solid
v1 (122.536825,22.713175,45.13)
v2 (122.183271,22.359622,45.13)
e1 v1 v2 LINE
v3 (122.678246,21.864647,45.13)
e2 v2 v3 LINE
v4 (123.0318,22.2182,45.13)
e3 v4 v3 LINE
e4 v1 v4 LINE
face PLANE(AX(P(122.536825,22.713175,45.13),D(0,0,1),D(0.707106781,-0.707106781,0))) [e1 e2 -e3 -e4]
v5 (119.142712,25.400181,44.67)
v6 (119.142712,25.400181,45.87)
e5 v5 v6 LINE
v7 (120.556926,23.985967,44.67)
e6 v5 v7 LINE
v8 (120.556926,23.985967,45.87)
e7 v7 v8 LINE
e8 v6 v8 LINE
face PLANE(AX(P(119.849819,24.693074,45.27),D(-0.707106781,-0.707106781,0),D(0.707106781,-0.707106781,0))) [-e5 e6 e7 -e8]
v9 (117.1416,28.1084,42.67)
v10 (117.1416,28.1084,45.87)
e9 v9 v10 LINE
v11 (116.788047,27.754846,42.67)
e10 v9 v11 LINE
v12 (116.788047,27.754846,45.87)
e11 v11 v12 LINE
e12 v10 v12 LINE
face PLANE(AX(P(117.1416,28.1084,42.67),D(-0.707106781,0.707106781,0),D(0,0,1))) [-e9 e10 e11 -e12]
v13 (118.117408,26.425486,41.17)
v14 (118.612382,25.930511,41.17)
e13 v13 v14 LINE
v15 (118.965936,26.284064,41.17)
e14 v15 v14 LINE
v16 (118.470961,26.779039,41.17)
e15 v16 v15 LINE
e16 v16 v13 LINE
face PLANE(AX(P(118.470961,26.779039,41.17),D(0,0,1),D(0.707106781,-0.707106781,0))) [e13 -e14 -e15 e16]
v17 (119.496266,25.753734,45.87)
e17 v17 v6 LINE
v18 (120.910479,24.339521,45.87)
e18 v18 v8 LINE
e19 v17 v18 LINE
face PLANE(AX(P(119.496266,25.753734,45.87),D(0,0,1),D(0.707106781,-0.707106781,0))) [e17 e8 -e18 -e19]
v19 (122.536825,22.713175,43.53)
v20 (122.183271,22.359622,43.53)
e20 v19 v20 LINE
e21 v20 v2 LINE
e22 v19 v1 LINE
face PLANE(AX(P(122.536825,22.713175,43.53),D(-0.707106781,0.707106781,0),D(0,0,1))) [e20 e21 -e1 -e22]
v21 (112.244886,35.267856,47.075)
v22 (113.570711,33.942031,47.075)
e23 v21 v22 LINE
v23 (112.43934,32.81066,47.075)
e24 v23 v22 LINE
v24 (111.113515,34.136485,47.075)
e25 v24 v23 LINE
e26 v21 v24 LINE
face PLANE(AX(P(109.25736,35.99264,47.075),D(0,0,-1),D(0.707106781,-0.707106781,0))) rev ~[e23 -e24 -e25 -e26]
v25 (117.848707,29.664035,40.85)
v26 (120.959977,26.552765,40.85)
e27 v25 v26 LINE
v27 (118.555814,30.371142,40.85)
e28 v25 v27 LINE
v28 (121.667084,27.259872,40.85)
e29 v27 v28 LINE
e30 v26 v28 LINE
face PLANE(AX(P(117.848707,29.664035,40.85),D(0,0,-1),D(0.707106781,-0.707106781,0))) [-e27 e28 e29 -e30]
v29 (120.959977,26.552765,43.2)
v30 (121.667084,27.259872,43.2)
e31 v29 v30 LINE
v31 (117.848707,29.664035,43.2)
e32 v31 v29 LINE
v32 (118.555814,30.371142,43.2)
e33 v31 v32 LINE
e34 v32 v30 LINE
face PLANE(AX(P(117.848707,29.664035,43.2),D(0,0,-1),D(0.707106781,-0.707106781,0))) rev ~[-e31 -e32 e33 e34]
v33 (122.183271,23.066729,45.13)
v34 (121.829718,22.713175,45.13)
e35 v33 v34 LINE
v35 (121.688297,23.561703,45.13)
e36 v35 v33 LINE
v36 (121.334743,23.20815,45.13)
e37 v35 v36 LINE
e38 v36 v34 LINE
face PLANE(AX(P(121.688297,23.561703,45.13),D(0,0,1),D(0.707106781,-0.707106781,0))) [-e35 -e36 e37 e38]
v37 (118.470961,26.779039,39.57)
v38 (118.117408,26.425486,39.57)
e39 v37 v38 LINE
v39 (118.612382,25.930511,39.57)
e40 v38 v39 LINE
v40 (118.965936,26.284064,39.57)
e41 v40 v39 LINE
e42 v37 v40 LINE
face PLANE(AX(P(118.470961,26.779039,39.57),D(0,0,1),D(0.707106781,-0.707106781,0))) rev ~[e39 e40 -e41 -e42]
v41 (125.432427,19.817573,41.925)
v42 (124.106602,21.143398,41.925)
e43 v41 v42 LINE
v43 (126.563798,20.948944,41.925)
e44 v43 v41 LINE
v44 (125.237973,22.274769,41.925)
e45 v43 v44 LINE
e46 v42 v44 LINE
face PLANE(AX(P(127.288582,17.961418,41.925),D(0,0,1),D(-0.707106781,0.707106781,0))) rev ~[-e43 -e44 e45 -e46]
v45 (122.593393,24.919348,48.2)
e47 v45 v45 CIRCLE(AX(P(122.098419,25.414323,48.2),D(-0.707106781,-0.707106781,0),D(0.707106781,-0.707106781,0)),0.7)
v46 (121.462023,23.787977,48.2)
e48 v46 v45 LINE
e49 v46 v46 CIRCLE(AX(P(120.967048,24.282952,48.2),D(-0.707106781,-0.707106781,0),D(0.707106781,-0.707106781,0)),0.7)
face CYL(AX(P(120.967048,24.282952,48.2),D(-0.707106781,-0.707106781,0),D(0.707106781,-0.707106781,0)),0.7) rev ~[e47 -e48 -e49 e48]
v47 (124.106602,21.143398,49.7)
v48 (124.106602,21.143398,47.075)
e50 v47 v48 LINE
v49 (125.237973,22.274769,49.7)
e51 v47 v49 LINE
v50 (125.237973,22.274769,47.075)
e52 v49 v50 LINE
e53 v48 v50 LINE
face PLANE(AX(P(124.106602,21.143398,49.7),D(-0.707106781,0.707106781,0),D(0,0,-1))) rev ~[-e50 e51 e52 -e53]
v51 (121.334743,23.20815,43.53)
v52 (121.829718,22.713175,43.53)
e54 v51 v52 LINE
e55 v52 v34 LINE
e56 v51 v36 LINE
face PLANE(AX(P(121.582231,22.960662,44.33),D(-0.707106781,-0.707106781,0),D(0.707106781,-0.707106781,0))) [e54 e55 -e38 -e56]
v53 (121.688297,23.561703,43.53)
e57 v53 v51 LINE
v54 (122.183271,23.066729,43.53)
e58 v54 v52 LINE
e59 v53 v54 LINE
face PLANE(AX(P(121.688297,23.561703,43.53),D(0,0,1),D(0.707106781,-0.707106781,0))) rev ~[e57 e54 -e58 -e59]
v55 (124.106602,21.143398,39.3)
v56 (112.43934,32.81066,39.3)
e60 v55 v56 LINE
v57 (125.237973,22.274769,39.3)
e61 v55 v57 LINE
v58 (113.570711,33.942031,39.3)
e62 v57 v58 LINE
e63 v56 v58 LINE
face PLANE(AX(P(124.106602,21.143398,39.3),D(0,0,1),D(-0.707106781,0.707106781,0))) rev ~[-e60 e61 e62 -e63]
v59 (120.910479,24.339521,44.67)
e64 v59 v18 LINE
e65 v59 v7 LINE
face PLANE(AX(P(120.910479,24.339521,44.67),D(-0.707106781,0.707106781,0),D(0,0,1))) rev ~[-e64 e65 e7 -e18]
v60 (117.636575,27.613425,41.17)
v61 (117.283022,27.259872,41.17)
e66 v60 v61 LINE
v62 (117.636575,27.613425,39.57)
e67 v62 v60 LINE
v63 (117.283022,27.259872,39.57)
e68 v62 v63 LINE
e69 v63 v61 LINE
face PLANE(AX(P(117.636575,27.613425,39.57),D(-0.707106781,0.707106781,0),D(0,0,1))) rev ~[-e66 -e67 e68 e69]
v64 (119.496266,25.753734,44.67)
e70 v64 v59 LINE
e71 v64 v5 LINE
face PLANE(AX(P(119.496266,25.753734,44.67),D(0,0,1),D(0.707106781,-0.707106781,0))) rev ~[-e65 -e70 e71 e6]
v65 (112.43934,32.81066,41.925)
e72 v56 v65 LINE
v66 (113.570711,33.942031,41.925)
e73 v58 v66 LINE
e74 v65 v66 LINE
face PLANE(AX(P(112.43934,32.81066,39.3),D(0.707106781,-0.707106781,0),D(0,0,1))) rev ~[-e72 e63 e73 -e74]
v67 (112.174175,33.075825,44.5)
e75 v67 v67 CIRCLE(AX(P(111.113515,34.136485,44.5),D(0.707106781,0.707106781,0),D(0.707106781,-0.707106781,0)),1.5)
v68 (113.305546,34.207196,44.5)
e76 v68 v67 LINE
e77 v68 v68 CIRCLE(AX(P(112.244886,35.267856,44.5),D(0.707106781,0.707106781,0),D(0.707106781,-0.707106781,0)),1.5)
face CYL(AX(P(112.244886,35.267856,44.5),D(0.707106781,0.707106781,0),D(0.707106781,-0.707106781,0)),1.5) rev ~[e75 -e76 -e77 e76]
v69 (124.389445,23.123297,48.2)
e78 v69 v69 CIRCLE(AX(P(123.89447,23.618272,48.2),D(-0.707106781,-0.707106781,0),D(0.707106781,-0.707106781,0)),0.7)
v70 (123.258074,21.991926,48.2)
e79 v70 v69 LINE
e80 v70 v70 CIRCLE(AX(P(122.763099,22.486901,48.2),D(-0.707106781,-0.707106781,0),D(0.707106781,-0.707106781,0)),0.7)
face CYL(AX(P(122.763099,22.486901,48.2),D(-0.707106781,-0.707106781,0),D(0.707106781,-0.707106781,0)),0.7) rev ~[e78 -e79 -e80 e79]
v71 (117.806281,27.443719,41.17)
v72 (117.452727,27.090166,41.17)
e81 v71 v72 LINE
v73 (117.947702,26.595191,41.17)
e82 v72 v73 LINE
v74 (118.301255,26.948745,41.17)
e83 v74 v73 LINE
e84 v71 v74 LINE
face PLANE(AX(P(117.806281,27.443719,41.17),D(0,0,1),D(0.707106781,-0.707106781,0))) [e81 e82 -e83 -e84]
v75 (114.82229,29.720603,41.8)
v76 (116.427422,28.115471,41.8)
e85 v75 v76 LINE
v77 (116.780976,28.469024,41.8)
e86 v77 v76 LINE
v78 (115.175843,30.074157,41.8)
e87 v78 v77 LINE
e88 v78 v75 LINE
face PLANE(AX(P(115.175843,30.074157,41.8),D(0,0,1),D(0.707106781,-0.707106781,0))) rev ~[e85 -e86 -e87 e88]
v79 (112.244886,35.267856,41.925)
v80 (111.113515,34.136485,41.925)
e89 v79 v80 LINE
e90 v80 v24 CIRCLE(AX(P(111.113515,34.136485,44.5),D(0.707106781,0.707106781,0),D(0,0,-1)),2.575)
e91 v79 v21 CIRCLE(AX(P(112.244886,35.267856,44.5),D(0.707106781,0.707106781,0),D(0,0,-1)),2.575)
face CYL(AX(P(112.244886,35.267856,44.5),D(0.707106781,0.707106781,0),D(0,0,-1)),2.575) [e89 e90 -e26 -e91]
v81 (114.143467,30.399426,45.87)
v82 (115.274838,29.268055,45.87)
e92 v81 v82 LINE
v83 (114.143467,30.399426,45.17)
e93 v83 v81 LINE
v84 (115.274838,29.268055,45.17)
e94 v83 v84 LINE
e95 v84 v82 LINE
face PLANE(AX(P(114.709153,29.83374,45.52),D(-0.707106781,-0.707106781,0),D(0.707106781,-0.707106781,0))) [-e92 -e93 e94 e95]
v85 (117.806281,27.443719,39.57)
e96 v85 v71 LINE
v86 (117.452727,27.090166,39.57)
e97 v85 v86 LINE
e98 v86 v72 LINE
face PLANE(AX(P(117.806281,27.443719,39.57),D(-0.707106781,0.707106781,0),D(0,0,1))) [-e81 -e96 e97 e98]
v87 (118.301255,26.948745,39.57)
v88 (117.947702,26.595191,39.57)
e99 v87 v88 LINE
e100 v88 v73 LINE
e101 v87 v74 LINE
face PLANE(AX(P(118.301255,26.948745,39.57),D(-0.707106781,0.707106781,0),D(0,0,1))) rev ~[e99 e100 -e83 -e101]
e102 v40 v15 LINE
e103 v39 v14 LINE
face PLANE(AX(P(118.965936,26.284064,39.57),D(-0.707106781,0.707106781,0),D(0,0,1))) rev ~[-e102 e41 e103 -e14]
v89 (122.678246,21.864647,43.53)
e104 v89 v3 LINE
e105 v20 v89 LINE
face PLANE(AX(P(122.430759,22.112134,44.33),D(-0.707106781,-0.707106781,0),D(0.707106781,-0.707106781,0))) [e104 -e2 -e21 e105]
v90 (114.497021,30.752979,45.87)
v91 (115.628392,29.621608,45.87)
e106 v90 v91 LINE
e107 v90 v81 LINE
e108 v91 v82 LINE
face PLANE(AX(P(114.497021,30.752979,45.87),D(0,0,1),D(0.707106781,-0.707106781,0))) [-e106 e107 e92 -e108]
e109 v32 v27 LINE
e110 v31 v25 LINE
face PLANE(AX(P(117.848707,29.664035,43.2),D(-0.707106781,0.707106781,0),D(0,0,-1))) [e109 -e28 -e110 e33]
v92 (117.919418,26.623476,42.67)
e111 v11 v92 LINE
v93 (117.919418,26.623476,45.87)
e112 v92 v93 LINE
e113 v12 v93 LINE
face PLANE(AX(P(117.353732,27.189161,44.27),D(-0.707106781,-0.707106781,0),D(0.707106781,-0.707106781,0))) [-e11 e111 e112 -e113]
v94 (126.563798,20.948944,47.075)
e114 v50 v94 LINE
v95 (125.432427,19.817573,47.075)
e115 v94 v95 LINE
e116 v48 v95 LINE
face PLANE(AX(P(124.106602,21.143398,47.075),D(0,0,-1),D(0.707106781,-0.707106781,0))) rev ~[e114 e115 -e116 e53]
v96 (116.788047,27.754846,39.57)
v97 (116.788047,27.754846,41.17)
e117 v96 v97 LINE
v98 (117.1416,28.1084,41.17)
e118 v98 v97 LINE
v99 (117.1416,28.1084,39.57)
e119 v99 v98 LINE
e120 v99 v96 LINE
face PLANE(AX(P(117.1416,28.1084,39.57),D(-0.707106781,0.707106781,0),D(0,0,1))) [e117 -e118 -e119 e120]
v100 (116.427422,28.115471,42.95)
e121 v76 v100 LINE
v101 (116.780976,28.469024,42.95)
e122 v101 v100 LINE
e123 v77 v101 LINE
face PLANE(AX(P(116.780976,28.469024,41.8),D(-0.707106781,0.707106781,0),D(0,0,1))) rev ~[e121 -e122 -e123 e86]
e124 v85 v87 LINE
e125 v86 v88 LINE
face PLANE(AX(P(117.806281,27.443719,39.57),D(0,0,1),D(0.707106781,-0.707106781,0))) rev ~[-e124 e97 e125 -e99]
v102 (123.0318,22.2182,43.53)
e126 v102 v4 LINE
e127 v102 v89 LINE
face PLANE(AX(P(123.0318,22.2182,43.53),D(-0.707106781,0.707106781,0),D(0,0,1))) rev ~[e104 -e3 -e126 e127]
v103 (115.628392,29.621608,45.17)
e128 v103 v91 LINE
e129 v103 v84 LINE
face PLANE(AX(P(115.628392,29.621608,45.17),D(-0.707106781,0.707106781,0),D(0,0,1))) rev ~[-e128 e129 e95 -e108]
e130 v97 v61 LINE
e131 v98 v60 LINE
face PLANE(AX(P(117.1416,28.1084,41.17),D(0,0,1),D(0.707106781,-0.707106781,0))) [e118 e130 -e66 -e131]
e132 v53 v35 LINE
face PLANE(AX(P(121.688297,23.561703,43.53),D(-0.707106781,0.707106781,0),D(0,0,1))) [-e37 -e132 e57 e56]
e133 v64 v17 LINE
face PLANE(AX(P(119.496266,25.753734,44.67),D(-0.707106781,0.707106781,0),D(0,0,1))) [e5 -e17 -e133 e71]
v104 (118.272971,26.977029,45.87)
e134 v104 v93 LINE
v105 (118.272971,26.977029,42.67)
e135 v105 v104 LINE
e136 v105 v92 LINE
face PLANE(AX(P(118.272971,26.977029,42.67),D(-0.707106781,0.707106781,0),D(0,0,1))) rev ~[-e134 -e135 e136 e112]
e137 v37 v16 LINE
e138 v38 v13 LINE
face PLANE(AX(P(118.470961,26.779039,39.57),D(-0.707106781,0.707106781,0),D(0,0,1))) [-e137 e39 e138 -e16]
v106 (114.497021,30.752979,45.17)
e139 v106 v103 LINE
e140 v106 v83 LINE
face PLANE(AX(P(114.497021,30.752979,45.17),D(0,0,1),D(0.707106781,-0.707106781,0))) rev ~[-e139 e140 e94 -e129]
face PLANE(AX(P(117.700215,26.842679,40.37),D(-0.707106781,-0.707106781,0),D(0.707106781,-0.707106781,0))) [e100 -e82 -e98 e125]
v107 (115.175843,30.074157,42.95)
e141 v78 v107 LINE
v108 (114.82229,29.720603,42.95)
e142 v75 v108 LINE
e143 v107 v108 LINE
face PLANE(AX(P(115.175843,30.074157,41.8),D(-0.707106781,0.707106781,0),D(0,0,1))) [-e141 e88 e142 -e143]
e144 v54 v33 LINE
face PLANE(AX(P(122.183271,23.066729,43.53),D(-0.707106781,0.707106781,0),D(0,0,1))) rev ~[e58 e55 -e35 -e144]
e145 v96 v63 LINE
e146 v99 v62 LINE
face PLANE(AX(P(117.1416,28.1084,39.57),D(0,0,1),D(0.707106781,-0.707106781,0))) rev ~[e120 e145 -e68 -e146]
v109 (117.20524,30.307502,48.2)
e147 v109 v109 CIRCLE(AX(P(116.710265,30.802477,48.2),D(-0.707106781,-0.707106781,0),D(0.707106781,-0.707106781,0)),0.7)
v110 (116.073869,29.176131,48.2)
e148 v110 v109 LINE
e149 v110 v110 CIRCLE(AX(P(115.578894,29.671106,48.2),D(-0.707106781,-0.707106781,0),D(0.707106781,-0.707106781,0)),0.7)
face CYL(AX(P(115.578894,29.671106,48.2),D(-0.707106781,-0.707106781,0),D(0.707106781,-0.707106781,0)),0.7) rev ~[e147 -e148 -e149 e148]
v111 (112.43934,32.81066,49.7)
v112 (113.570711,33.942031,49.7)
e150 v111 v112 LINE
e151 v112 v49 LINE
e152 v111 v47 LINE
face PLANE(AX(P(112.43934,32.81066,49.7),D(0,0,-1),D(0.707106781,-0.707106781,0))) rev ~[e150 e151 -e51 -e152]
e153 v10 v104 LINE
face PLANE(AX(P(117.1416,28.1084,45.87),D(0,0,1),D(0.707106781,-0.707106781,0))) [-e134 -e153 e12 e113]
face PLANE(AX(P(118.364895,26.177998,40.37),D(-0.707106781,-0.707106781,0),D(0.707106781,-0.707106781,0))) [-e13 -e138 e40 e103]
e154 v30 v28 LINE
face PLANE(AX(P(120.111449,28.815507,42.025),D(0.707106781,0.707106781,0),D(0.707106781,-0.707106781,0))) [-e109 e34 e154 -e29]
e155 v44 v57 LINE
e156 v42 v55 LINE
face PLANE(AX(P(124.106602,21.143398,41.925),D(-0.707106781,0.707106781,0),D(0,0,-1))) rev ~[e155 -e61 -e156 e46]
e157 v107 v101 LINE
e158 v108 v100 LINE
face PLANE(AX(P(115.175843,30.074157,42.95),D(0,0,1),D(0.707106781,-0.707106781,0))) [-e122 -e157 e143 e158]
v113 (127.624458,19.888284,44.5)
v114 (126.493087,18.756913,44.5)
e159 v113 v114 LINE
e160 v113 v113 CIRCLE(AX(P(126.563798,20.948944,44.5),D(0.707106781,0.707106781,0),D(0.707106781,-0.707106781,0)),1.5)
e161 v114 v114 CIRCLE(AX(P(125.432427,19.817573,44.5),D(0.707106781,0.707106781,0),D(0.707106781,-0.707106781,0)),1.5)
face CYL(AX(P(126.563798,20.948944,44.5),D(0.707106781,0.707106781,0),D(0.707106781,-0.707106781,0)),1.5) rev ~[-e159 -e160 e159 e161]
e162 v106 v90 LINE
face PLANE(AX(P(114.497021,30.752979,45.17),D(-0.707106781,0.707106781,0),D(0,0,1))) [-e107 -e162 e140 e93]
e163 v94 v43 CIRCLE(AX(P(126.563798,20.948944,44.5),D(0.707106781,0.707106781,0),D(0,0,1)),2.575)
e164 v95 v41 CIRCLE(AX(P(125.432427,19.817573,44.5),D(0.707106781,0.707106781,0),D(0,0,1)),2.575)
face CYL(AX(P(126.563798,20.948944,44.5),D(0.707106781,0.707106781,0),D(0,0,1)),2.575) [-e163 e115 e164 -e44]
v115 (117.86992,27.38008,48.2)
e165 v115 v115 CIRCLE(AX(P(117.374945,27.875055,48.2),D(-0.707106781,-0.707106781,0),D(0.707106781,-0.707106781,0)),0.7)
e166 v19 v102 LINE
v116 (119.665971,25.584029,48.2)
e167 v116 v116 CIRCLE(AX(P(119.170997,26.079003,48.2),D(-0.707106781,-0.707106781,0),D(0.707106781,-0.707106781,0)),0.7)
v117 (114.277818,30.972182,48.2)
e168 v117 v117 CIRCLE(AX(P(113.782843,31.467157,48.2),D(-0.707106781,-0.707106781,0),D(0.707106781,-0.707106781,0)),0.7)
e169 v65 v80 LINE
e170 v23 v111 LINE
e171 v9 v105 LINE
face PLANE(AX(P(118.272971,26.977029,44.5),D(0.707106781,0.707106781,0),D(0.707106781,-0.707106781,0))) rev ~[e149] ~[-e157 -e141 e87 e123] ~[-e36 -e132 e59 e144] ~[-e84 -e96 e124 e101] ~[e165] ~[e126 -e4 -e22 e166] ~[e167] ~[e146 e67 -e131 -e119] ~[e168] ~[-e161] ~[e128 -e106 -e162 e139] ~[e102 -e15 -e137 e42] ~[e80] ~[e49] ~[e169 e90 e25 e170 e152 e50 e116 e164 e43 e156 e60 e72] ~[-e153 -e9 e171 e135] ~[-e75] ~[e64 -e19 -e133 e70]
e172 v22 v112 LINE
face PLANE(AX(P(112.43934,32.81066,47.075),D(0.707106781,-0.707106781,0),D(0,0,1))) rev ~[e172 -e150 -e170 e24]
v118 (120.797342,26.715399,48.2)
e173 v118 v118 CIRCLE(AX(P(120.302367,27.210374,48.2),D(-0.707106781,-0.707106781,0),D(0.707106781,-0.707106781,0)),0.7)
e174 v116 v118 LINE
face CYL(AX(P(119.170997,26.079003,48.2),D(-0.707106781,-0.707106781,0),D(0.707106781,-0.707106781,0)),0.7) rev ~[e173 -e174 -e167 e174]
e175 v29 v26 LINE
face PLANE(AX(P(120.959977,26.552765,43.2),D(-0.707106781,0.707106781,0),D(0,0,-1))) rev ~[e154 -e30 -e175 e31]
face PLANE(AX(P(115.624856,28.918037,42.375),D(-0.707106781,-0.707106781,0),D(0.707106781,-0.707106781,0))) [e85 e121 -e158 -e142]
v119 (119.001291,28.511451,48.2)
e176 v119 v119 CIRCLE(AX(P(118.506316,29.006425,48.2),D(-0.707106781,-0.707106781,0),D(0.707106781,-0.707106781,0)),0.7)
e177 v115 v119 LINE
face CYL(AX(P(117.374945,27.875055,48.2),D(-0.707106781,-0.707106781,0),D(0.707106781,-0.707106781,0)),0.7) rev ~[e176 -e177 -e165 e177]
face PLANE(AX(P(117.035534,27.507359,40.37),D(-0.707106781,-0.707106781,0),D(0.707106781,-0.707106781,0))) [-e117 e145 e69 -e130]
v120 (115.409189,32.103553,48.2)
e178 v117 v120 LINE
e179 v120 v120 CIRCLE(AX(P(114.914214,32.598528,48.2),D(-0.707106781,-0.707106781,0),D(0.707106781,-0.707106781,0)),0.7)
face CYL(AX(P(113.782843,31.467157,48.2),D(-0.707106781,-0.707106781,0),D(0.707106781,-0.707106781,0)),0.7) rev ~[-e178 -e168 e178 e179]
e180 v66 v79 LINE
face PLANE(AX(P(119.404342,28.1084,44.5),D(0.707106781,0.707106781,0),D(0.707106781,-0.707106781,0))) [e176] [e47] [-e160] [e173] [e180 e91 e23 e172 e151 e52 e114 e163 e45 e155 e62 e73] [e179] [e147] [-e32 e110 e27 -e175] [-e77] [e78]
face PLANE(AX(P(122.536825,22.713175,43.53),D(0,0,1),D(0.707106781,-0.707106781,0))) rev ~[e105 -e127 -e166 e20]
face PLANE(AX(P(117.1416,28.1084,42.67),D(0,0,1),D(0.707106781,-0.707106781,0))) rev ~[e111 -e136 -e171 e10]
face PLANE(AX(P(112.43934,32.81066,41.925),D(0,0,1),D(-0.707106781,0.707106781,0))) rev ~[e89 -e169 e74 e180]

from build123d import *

# Parameters (mm, degrees)
PAD046_DEPTH            = 1.6
SKETCH119_R             = 1.5
POCKET060_DEPTH         = 1.6
SKETCH120_W             = 4.4
SKETCH120_H             = 2.35
PAD047_DEPTH            = 1
SKETCH121_W             = 2.27
SKETCH121_H             = 1.15
SKETCH121_W_2           = 1.6
SKETCH121_H_2           = 3.2
SKETCH121_W_3           = 2
SKETCH121_H_3           = 1.2
SKETCH121_W_4           = 0.7
SKETCH121_H_4           = 1.6
SKETCH121_H_5           = 0.7
PAD048_DEPTH            = 0.5
SKETCH122_R             = 0.7
POCKET061_DEPTH         = 1.6
BODY029_ROLL_ANGLE      = 180
BODY029_PLACEMENT_ANGLE = -45


with BuildPart() as part:
    # Sketch118 → Pad046 (new body)
    with BuildSketch(Plane.XZ):
        Polygon((-8.25, -5.2), (8.25, -5.2), (8.25, -2.575), (12.75, -2.575), (12.75, 2.575), (8.25, 2.575), (8.25, 5.2), (-8.25, 5.2), (-8.25, 2.575), (-12.75, 2.575), (-12.75, -2.575), (-8.25, -2.575), align=None)
    extrude(amount=PAD046_DEPTH)

    # Sketch119 (on Face14 of Pad046) → Pocket060 (cut)
    with BuildSketch(Plane.XZ.offset(1.6)):
        with Locations((-10.125, 0)):
            Circle(SKETCH119_R)
        with Locations((10.125, 0)):
            Circle(SKETCH119_R)
        with BuildLine():
            Line((-12.755, 2.575), (-12.755, -2.575))
            Line((-12.755, -2.575), (-10.125, -2.575))
            ThreePointArc((-10.125, 2.575), (-12.7, 0), (-10.125, -2.575))
            Line((-10.125, 2.575), (-12.755, 2.575))
        make_face()
        with BuildLine():
            Line((10.125, -2.575), (12.755, -2.575))
            Line((12.755, -2.575), (12.755, 2.575))
            Line((12.755, 2.575), (10.125, 2.575))
            ThreePointArc((10.125, -2.575), (12.7, 0), (10.125, 2.575))
        make_face()
    extrude(amount=-POCKET060_DEPTH, mode=Mode.SUBTRACT)

    # Sketch120 (on Face4 of Pocket060) → Pad047 (join)
    with BuildSketch(Plane.XZ.offset(1.6)):
        with Locations((0, 2.475)):
            Rectangle(SKETCH120_W, SKETCH120_H)
    extrude(amount=PAD047_DEPTH)

    # Sketch121 (on Face2 of Pad047) → Pad048 (join)
    with BuildSketch(Plane(origin=(0, 0, 0), x_dir=(1, 0, 0), z_dir=(0, 1, 0))):
        with Locations((-3.245, -2.125)):
            Rectangle(SKETCH121_W, SKETCH121_H)
        with Locations((-0.8, -0.23)):
            Rectangle(SKETCH121_W_2, SKETCH121_H_2)
        with Locations((2.73, 0.77)):
            Rectangle(SKETCH121_W_3, SKETCH121_H_3)
        with Locations((-1.25, -4.13)):
            Rectangle(SKETCH121_W_4, SKETCH121_H_4)
        with Locations((-0.31, -4.13)):
            Rectangle(SKETCH121_W_4, SKETCH121_H_4)
        with Locations((0.63, -4.13)):
            Rectangle(SKETCH121_W_4, SKETCH121_H_4)
        with Locations((-4.54, 1.02)):
            Rectangle(SKETCH121_W_2, SKETCH121_H_5)
        with Locations((5.18, -0.17)):
            Rectangle(SKETCH121_W_4, SKETCH121_H_4)
        with Locations((6.38, -0.17)):
            Rectangle(SKETCH121_W_4, SKETCH121_H_4)
    extrude(amount=PAD048_DEPTH)

    # Sketch122 (on Face2 of Pad048) → Pocket061 (cut)
    with BuildSketch(Plane(origin=(0, 0, 0), x_dir=(1, 0, 0), z_dir=(0, 1, 0))):
        with Locations((-6.35, 3.7)):
            Circle(SKETCH122_R)
        with Locations((-3.81, 3.7)):
            Circle(SKETCH122_R)
        with Locations((-1.27, 3.7)):
            Circle(SKETCH122_R)
        with Locations((1.27, 3.7)):
            Circle(SKETCH122_R)
        with Locations((3.81, 3.7)):
            Circle(SKETCH122_R)
        with Locations((6.35, 3.7)):
            Circle(SKETCH122_R)
    extrude(amount=-POCKET061_DEPTH, mode=Mode.SUBTRACT)


with BuildPart() as part_1:
    # Body029 roll: moved
    add(part.part.rotate(Axis((0, 0, 0), (1, 0, 0)), BODY029_ROLL_ANGLE))


with BuildPart() as part_2:
    # Body029 placement: moved
    add(part_1.part.moved(Location((118.272971, 26.977029, 44.5))).rotate(Axis((118.272971, 26.977029, 44.5), (0, 0, 1)), BODY029_PLACEMENT_ANGLE))


solid = part_2.part
